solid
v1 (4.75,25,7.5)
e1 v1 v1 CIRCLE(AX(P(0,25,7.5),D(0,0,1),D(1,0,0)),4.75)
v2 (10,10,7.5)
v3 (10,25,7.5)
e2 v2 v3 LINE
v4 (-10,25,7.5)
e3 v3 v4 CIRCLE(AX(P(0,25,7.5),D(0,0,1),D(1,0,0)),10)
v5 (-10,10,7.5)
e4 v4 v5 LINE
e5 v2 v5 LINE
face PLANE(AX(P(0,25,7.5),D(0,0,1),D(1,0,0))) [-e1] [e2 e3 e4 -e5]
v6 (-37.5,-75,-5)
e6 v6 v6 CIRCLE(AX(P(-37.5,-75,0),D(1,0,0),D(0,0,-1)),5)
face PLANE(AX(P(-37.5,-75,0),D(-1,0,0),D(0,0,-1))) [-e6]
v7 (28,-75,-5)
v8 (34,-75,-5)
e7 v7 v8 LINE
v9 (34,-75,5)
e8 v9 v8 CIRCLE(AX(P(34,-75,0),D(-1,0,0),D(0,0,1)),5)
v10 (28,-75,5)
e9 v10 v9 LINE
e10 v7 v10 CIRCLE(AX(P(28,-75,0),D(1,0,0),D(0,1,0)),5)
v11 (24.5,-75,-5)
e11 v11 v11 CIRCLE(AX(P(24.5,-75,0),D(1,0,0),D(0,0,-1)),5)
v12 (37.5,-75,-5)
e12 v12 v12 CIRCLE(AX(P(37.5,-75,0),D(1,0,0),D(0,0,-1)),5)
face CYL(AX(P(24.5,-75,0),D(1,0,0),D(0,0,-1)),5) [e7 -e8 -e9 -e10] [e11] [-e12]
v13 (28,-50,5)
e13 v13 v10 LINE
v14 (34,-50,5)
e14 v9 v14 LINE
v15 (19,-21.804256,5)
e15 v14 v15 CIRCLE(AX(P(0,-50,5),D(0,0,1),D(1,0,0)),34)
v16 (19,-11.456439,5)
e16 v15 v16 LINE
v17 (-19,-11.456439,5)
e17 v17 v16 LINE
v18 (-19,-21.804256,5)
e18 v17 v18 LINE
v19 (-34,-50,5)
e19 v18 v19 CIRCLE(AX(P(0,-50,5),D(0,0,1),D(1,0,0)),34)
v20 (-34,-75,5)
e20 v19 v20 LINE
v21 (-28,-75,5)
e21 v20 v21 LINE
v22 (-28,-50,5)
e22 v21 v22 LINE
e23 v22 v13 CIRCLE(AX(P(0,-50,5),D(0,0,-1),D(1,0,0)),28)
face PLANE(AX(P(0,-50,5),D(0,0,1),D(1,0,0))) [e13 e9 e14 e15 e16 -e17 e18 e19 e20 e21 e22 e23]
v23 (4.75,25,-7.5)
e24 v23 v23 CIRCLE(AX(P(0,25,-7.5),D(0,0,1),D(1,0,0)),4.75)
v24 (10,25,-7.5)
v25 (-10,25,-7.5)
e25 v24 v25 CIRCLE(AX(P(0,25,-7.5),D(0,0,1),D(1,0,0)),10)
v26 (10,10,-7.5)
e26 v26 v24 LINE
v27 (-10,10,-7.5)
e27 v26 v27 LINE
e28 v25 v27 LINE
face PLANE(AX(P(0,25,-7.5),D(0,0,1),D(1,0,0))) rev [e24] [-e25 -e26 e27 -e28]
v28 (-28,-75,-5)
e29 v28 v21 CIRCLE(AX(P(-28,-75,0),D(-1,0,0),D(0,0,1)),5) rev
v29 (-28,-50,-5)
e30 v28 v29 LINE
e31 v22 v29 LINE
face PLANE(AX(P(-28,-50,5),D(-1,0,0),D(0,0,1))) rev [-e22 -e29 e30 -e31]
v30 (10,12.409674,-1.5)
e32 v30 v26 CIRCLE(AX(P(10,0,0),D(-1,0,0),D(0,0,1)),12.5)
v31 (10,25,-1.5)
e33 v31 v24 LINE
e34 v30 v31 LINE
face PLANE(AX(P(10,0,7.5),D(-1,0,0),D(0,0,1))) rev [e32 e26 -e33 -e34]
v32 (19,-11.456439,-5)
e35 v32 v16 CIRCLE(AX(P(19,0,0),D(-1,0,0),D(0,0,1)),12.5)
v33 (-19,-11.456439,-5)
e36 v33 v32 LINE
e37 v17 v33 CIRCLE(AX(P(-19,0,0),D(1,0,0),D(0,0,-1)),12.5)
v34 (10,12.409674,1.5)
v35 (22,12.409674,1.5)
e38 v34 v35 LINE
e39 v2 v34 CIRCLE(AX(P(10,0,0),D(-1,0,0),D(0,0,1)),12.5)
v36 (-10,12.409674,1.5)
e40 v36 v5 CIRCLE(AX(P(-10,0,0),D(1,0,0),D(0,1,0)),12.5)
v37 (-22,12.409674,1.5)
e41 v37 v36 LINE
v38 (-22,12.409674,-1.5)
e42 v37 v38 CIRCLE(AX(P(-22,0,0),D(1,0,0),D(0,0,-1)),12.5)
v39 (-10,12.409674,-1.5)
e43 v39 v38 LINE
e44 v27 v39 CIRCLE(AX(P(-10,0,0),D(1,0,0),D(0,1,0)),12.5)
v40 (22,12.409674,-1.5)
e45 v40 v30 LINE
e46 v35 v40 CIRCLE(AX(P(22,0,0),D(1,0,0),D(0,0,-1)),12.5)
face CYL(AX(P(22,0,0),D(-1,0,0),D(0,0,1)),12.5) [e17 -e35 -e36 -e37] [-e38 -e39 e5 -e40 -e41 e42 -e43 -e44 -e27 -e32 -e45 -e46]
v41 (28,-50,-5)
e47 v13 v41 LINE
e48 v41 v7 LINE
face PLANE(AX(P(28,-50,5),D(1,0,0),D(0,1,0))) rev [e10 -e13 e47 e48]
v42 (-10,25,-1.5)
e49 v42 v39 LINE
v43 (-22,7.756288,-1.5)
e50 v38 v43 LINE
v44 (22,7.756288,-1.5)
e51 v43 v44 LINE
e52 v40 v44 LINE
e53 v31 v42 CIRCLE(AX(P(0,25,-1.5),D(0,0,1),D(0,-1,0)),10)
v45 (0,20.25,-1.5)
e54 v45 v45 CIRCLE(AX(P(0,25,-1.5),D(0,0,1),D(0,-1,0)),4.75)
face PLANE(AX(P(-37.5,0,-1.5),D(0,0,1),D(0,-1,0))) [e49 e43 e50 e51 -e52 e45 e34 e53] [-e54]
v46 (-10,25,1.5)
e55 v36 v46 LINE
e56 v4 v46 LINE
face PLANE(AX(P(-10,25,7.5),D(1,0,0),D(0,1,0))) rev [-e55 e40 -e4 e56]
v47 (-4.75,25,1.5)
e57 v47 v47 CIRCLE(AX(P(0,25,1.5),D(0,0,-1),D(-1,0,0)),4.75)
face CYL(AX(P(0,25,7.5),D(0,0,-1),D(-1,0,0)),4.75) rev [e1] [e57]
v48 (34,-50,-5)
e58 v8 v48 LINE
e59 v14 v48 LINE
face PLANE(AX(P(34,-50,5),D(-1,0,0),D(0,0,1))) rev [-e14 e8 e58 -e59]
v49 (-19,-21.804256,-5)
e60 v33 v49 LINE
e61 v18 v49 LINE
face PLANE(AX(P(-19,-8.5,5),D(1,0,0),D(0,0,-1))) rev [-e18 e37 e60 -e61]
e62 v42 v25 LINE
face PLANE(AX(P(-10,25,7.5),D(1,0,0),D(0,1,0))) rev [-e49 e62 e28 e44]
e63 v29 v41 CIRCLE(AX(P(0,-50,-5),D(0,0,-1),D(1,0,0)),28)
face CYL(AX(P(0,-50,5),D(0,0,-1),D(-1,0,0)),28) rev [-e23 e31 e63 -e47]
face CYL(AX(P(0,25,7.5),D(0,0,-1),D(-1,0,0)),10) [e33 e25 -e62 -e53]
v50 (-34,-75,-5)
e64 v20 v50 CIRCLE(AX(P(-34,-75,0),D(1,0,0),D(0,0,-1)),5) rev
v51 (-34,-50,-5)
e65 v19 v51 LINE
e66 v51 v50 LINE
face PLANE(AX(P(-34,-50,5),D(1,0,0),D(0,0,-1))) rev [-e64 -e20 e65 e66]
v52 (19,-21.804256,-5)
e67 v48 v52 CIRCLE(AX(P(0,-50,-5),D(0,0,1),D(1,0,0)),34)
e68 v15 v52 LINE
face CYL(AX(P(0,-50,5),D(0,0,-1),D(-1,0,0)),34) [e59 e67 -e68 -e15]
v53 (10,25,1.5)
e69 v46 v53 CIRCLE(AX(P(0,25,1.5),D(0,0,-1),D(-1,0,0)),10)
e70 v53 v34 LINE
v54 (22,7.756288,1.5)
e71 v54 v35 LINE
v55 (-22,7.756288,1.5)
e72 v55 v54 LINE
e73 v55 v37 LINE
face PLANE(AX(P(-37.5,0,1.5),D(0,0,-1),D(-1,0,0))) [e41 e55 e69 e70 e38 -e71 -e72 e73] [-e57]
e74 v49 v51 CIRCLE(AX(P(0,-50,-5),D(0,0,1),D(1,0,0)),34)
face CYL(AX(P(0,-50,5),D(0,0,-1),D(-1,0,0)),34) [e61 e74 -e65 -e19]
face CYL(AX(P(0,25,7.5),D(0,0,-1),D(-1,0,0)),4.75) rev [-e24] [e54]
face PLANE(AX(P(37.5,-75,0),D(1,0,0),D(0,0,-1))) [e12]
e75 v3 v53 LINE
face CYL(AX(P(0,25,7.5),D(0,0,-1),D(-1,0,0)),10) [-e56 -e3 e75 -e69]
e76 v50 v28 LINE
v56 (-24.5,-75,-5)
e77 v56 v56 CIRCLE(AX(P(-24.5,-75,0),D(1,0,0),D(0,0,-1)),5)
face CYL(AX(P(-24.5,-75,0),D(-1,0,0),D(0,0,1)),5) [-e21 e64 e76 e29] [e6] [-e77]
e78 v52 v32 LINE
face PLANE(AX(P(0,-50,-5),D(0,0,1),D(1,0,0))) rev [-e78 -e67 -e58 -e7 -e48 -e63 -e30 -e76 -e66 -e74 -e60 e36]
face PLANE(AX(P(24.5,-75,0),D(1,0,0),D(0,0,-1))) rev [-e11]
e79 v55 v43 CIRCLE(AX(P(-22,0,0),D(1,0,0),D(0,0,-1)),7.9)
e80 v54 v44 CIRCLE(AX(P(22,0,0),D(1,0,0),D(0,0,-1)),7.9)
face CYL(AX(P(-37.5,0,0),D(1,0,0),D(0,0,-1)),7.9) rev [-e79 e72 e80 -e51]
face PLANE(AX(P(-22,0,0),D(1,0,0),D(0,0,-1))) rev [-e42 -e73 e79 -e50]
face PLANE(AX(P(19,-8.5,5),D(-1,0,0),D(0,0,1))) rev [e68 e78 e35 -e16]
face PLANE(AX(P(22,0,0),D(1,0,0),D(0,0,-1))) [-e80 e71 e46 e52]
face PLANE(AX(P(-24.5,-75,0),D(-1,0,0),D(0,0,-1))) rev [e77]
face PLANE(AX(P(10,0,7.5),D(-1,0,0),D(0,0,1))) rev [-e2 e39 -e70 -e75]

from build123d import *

# Parameters (mm, degrees)
SKETCH1_R           = 12.5
BOSS_EXTRUDE1_DEPTH = 22
SKETCH2_R           = 4.75
BOSS_EXTRUDE2_DEPTH = 7.5
BOSS_EXTRUDE3_DEPTH = 5
BOSS_EXTRUDE4_START = -9.5
SKETCH5_R           = 5
BOSS_EXTRUDE4_DEPTH = 13
SKETCH4_R           = 7.9
SKETCH4_W           = 3
SKETCH4_H           = 38
CUT_EXTRUDE1_DEPTH  = 101.481341552


with BuildPart() as part:
    # Sketch1 → Boss-Extrude1 (new, symmetric)
    with BuildSketch(Plane(origin=(0, 0, 0), x_dir=(0, 0, -1), z_dir=(1, 0, 0))):
        Circle(SKETCH1_R)
    extrude(amount=BOSS_EXTRUDE1_DEPTH, both=True)

    # Sketch2 → Boss-Extrude2 (add, symmetric)
    with BuildSketch(Plane.XY):
        with BuildLine():
            Line((-10, 25), (-10, 0))
            Line((-10, 0), (10, 0))
            Line((10, 0), (10, 25))
            ThreePointArc((10, 25), (0, 35), (-10, 25))
        make_face()
        with Locations((0, 25)):
            Circle(SKETCH2_R, mode=Mode.SUBTRACT)
    extrude(amount=BOSS_EXTRUDE2_DEPTH, both=True)

    # Sketch3 → Boss-Extrude3 (add, symmetric)
    with BuildSketch(Plane.XY):
        with BuildLine():
            Line((-28, -50), (-28, -75))
            Line((-28, -75), (-34, -75))
            Line((-34, -75), (-34, -50))
            ThreePointArc((-34, -50), (-30.01666204, -34.031280577), (-19, -21.80425564))
            Line((-19, -21.80425564), (-19, -8.5))
            Line((-19, -8.5), (19, -8.5))
            Line((19, -8.5), (19, -21.80425564))
            ThreePointArc((19, -21.80425564), (30.01666204, -34.031280577), (34, -50))
            Line((34, -50), (34, -75))
            Line((34, -75), (28, -75))
            Line((28, -75), (28, -50))
            ThreePointArc((28, -50), (0, -22), (-28, -50))
        make_face()
    extrude(amount=BOSS_EXTRUDE3_DEPTH, both=True)

    # Sketch5 → Boss-Extrude4 (add)
    with BuildSketch(Plane(origin=(34, 0, 0), x_dir=(0, 0, -1), z_dir=(1, 0, 0)).offset(BOSS_EXTRUDE4_START)):
        with Locations((0, -75)):
            Circle(SKETCH5_R)
    boss_extrude4 = extrude(amount=BOSS_EXTRUDE4_DEPTH)

    # Mirror1: Boss-Extrude4 across plane
    add(boss_extrude4.mirror(Plane(origin=(0, 0, 0), x_dir=(0, 0, 1), z_dir=(1, 0, 0))))

    # Sketch4 → Cut-Extrude1 (cut, through all)
    with BuildSketch(Plane(origin=(22, 0, 0), x_dir=(0, 0, -1), z_dir=(1, 0, 0))):
        Circle(SKETCH4_R)
        with Locations((0, 19)):
            Rectangle(SKETCH4_W, SKETCH4_H)
    extrude(amount=-CUT_EXTRUDE1_DEPTH, mode=Mode.SUBTRACT)


solid = part.part
